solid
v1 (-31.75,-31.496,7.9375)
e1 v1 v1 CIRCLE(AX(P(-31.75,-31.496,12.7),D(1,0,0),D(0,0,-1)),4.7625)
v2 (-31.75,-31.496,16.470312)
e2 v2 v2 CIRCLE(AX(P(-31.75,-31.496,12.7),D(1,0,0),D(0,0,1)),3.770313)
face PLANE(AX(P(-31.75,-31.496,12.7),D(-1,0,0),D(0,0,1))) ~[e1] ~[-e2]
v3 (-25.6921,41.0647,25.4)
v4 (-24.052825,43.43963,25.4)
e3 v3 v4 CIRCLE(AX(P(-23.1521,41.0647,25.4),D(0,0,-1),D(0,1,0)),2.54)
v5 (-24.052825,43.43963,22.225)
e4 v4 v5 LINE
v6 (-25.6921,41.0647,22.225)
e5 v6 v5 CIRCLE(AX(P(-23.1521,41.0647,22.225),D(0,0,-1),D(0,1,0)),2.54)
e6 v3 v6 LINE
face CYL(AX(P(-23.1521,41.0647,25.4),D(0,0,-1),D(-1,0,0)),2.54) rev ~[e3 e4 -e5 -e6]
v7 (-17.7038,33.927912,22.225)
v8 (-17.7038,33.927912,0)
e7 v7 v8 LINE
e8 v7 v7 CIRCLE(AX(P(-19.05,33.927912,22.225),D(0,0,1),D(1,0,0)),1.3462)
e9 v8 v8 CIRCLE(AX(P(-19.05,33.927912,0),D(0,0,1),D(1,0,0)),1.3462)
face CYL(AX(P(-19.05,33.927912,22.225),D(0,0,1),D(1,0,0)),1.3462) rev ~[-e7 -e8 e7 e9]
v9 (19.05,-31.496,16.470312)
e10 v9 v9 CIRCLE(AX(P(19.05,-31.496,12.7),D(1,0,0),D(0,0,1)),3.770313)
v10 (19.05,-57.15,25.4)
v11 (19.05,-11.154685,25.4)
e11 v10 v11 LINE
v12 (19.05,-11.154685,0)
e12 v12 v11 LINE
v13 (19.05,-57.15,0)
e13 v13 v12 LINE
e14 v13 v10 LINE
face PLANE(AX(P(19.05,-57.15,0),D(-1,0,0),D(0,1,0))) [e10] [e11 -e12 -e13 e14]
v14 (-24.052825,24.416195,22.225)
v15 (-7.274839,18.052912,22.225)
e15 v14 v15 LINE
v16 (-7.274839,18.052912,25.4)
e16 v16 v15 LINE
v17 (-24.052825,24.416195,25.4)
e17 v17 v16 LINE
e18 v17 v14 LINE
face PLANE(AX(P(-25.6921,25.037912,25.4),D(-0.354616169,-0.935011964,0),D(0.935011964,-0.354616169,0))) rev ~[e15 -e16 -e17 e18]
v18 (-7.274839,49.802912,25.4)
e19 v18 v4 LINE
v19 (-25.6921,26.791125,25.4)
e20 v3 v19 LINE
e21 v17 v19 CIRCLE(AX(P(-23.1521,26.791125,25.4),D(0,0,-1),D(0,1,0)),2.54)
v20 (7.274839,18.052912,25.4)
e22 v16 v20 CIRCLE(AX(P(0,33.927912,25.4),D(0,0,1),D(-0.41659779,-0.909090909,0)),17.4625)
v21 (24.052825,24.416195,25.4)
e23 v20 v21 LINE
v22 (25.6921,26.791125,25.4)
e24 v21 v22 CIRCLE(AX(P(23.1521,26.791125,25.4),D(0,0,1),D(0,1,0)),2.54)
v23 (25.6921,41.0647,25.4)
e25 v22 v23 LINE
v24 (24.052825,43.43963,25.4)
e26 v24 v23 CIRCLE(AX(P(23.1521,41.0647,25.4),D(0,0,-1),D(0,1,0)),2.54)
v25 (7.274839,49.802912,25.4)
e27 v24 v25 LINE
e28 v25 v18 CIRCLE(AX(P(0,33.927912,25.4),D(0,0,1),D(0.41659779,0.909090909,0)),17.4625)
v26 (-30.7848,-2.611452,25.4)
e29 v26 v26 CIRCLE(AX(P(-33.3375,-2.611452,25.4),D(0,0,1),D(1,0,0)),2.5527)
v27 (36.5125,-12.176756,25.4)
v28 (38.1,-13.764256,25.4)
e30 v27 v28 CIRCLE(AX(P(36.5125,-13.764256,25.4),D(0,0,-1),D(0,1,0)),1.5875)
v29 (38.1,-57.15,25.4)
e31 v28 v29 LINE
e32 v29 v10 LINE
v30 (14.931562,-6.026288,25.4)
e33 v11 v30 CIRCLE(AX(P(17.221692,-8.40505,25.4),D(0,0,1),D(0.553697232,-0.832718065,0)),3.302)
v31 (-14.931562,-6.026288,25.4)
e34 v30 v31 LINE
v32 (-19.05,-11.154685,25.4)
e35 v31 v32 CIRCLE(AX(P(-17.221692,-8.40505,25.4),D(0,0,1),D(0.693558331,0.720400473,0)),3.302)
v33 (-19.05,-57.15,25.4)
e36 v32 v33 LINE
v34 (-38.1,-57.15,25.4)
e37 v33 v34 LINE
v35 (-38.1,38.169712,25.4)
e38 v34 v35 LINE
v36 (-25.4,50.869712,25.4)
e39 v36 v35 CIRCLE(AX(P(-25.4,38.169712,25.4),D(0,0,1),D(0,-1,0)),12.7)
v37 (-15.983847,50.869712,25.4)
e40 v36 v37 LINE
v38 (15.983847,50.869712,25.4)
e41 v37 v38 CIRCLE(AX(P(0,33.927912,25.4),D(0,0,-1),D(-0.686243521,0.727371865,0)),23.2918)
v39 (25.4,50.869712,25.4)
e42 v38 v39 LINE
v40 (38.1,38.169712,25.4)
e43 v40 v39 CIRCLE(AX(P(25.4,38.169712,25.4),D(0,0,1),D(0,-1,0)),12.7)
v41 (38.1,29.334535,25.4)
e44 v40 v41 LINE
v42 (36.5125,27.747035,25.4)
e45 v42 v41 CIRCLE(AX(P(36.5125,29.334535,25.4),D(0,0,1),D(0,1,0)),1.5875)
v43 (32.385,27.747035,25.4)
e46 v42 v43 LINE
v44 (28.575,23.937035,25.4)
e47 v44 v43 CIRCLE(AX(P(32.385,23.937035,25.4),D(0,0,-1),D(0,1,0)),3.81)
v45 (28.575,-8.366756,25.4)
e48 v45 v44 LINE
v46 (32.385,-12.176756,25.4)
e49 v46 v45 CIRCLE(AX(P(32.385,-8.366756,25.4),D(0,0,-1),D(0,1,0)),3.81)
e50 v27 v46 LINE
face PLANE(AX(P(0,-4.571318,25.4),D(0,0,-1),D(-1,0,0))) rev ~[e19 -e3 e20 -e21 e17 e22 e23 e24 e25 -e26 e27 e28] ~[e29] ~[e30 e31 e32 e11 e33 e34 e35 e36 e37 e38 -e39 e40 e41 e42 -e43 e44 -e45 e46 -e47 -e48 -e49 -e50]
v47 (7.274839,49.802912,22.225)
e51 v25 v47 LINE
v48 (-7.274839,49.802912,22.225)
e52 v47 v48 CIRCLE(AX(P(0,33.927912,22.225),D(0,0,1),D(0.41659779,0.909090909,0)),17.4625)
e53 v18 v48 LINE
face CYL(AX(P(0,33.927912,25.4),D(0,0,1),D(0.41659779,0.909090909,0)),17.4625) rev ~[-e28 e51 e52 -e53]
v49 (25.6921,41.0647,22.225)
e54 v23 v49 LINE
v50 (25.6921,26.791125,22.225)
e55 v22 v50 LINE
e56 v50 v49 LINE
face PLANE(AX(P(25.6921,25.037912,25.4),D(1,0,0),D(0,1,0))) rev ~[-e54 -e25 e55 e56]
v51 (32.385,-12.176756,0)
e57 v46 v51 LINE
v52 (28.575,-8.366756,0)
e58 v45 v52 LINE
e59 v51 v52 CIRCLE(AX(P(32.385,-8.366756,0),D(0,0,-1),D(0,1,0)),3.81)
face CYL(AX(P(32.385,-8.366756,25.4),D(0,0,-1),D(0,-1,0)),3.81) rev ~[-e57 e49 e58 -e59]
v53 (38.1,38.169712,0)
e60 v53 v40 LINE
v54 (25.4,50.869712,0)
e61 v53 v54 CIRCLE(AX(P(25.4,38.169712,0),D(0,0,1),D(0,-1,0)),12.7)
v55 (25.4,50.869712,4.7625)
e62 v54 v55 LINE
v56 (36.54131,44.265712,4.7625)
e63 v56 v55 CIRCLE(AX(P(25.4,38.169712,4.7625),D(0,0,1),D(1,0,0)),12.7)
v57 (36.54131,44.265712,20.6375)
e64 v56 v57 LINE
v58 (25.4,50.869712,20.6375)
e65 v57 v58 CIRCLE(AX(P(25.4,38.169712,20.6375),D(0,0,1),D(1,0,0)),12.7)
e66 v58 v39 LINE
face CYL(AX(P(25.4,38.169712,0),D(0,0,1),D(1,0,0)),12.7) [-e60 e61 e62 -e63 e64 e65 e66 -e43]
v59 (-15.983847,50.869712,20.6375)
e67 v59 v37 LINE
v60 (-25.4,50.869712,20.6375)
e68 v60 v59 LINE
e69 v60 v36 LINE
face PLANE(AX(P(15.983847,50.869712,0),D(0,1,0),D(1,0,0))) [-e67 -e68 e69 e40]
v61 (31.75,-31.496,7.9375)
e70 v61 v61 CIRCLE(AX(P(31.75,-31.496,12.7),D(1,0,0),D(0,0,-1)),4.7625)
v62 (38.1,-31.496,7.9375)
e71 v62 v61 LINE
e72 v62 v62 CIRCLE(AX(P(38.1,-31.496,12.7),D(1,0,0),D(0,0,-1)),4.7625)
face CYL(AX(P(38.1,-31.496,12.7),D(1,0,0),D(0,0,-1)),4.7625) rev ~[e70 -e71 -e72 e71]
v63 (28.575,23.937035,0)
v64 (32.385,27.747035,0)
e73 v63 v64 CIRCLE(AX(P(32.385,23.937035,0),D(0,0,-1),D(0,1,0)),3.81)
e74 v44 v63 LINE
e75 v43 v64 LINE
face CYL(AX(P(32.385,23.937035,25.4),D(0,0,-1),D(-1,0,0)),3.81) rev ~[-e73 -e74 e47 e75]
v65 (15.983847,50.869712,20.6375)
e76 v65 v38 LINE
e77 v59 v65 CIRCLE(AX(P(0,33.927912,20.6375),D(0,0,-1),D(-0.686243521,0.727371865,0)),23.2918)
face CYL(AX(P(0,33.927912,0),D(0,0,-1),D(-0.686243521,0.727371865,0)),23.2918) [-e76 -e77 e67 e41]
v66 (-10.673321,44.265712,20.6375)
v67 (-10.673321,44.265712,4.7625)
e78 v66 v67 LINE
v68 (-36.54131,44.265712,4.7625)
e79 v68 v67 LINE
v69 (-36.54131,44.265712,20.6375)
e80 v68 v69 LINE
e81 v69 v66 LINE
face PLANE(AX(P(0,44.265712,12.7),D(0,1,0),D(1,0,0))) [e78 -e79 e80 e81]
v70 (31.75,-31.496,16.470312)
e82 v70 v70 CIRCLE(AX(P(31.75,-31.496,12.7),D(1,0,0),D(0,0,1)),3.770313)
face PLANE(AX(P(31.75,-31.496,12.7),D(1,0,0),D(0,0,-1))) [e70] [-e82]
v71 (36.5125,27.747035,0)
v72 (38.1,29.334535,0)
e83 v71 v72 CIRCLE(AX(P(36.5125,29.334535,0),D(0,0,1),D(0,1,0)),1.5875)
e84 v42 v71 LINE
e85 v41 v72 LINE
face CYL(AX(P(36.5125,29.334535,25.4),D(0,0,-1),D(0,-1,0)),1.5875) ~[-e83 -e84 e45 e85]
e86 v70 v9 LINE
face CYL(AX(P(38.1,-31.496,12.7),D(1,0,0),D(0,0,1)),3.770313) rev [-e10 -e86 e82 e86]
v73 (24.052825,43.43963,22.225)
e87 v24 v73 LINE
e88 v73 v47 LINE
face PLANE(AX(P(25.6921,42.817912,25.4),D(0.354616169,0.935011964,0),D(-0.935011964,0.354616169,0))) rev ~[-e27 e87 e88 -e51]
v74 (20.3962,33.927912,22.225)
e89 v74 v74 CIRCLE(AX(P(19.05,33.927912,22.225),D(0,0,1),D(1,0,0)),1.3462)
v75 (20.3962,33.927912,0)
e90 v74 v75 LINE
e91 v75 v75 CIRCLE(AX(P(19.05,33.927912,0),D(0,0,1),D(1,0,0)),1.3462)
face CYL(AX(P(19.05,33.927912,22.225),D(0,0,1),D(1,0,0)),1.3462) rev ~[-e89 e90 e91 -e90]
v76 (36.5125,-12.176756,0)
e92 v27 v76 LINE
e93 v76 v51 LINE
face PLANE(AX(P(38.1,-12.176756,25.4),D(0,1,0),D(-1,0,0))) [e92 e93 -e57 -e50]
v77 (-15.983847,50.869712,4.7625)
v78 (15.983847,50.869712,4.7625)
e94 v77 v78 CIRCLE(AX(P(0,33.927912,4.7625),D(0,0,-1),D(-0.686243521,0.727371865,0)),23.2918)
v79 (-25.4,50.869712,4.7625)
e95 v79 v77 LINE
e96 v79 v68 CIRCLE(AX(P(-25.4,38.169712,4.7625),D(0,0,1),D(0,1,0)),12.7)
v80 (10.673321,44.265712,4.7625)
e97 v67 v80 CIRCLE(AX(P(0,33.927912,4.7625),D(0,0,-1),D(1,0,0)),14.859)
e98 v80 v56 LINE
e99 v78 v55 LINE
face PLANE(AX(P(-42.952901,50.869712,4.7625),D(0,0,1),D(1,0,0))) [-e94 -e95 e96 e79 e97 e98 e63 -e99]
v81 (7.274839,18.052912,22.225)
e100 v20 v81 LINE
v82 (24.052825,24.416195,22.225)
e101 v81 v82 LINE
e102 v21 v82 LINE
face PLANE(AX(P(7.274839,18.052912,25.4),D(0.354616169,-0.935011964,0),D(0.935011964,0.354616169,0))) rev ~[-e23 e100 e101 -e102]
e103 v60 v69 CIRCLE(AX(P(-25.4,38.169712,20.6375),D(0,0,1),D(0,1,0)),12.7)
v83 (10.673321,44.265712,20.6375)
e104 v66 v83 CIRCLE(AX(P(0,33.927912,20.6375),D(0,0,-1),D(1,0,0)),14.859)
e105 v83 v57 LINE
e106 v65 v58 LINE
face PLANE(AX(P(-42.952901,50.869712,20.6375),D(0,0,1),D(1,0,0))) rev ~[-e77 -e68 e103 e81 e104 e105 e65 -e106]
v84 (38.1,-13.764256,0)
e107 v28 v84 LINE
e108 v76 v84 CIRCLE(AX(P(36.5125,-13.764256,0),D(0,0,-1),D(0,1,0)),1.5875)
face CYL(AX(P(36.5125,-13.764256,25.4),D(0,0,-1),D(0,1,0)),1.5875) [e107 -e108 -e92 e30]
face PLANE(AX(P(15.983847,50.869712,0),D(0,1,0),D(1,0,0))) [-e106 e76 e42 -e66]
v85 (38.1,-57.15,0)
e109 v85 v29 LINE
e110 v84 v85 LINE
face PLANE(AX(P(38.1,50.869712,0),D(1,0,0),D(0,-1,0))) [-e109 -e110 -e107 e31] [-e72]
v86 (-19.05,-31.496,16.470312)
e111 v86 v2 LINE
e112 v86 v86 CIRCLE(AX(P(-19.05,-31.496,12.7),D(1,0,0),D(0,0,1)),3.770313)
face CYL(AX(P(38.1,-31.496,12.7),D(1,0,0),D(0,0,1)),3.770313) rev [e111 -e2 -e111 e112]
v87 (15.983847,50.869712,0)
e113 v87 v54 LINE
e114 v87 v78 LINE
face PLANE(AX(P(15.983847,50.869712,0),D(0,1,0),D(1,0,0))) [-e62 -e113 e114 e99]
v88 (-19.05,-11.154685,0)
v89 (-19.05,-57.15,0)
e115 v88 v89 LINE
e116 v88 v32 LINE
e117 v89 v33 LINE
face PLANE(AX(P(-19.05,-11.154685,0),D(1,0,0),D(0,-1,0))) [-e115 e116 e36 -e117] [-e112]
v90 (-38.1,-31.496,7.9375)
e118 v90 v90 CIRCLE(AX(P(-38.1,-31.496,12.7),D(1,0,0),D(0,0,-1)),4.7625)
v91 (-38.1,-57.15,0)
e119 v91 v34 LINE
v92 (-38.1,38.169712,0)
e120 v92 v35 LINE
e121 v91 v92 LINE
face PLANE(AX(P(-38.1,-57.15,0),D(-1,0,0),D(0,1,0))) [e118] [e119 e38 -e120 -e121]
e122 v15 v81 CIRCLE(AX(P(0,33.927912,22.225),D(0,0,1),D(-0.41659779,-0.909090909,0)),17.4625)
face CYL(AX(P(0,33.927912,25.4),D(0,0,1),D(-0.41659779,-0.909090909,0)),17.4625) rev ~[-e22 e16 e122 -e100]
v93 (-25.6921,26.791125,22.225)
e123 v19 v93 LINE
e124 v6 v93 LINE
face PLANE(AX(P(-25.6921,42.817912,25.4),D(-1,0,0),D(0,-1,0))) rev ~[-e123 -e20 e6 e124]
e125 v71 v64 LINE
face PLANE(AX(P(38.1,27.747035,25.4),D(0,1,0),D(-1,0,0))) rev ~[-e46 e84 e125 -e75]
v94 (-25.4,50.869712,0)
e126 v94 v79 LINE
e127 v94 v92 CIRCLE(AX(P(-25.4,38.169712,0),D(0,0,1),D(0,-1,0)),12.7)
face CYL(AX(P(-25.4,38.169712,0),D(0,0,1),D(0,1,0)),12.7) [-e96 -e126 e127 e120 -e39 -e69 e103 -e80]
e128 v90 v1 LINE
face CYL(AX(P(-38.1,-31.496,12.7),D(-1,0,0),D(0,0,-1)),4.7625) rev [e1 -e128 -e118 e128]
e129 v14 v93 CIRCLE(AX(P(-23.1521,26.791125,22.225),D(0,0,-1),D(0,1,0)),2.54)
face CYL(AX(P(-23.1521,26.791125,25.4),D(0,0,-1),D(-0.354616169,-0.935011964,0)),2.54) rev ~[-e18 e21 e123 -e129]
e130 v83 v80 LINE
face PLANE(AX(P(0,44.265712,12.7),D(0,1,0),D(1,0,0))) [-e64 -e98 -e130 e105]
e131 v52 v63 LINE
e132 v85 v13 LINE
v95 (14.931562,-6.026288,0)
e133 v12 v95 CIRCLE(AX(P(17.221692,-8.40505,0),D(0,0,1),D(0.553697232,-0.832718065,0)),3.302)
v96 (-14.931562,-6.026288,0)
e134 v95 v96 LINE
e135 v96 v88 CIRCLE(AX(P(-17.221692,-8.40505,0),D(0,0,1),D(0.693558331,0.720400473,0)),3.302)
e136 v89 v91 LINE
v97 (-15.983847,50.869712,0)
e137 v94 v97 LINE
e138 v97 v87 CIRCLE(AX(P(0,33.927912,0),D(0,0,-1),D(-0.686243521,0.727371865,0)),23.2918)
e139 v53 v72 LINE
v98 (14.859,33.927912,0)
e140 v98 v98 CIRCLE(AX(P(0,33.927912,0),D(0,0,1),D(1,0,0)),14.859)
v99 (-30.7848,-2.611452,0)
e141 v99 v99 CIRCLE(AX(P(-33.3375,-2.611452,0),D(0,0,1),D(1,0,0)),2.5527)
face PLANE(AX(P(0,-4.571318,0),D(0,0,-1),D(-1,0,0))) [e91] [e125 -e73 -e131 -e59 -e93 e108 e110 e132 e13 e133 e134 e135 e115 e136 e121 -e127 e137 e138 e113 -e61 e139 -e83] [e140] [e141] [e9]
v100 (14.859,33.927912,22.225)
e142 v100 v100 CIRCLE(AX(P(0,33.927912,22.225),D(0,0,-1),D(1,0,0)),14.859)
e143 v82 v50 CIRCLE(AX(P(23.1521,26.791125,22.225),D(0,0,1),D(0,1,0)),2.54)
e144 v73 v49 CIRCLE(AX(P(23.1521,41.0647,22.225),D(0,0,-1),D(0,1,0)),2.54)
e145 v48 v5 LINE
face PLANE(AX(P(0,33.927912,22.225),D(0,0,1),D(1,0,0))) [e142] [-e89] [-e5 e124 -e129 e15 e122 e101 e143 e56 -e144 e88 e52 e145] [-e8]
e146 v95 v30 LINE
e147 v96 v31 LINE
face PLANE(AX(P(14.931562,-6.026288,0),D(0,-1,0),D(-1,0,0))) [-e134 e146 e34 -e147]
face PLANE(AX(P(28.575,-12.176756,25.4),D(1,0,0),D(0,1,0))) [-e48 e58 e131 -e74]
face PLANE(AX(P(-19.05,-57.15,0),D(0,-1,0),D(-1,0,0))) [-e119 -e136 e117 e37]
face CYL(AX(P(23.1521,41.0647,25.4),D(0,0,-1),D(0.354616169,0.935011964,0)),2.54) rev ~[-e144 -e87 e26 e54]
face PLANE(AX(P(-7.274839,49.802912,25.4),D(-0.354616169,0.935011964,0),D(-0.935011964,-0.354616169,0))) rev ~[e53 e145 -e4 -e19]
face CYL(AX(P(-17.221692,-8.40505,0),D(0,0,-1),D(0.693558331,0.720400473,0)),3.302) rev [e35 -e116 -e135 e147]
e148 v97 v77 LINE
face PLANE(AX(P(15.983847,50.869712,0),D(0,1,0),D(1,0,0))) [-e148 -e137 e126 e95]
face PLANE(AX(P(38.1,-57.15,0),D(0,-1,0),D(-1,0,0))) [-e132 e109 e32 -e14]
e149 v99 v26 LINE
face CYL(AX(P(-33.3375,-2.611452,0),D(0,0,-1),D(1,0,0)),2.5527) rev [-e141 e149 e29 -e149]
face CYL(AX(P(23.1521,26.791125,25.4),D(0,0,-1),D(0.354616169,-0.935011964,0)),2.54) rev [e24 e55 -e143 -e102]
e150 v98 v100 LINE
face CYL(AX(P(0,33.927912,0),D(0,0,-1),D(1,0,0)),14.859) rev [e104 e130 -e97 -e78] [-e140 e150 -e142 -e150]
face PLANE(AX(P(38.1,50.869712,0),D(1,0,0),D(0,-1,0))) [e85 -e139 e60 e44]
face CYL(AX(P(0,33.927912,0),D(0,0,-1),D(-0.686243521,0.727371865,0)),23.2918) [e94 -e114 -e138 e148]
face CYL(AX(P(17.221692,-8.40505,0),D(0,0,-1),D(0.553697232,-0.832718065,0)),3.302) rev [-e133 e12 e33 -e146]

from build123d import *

# Parameters (mm, degrees)
SKETCH1_R               = 14.859
SKETCH1_R_2             = 2.5527
BOSS_EXTRUDE1_DEPTH     = 25.4
FILLET1_R               = 12.7
CUT_EXTRUDE1_DEPTH      = 3.175
FILLET2_R               = 2.54
SKETCH3_R               = 1.3462
CUT_EXTRUDE2_DEPTH      = 22.225
CUT_EXTRUDE3_START      = -76.2
SKETCH4_R               = 3.7703125
CUT_EXTRUDE3_DEPTH      = 76.2
SKETCH5_W               = 85.90580112
SKETCH5_H               = 15.875
CUT_EXTRUDE4_DEPTH      = 23.622
CUT_EXTRUDE4_DEPTH_BACK = 6.604
CUT_EXTRUDE5_START      = -25.4
SKETCH6_W               = 9.525
SKETCH6_H               = 39.923791379
CUT_EXTRUDE5_DEPTH      = 25.4
FILLET3_R               = 3.81
FILLET4_R               = 1.5875
SKETCH7_R               = 4.7625
CUT_EXTRUDE6_DEPTH      = 6.35


with BuildPart() as part:
    # Sketch1 → Boss-Extrude1 (new body)
    with BuildSketch(Plane.XY):
        with BuildLine():
            Line((38.1, -57.15), (19.05, -57.15))
            Line((19.05, -57.15), (19.05, -11.154684967))
            ThreePointArc((19.05, -11.154684967), (19.796266411, -6.337498405), (14.931562131, -6.026287555))
            Line((14.931562131, -6.026287555), (-14.931562131, -6.026287555))
            ThreePointArc((-14.931562131, -6.026287555), (-19.796266411, -6.337498405), (-19.05, -11.154684967))
            Line((-19.05, -11.154684967), (-19.05, -57.15))
            Line((-19.05, -57.15), (-38.1, -57.15))
            Line((-38.1, -57.15), (-38.1, 50.869712445))
            Line((-38.1, 50.869712445), (-15.983846846, 50.869712445))
            ThreePointArc((-15.983846846, 50.869712445), (0, 57.219712445), (15.983846846, 50.869712445))
            Line((15.983846846, 50.869712445), (38.1, 50.869712445))
            Line((38.1, 50.869712445), (38.1, -57.15))
        make_face()
        with Locations((0, 33.927912445)):
            Circle(SKETCH1_R, mode=Mode.SUBTRACT)
        with Locations((-33.3375, -2.611452402)):
            Circle(SKETCH1_R_2, mode=Mode.SUBTRACT)
        with Locations((33.3375, -2.611452402)):
            Circle(SKETCH1_R_2, mode=Mode.SUBTRACT)
    extrude(amount=BOSS_EXTRUDE1_DEPTH)

    # Fillet1
    fillet1_edges = [part.edges().sort_by_distance(p)[0] for p in [
        (-38.1, 50.869712445, 12.7),
        (38.1, 50.869712445, 12.7),
    ]]
    fillet(fillet1_edges, radius=FILLET1_R)

    # Sketch2 → Cut-Extrude1 (cut)
    with BuildSketch(Plane.XY.offset(25.4)):
        with BuildLine():
            Line((25.6921, 25.037912445), (25.6921, 42.817912445))
            Line((25.6921, 42.817912445), (7.274838916, 49.802912445))
            ThreePointArc((7.274838916, 49.802912445), (0, 51.390412445), (-7.274838916, 49.802912445))
            Line((-7.274838916, 49.802912445), (-25.6921, 42.817912445))
            Line((-25.6921, 42.817912445), (-25.6921, 25.037912445))
            Line((-25.6921, 25.037912445), (-7.274838916, 18.052912445))
            ThreePointArc((-7.274838916, 18.052912445), (0, 16.465412445), (7.274838916, 18.052912445))
            Line((7.274838916, 18.052912445), (25.6921, 25.037912445))
        make_face()
    extrude(amount=-CUT_EXTRUDE1_DEPTH, mode=Mode.SUBTRACT)

    # Fillet2
    fillet2_edges = [part.edges().sort_by_distance(p)[0] for p in [
        (-25.6921, 42.817912445, 23.8125),
        (25.6921, 42.817912445, 23.8125),
        (25.6921, 25.037912445, 23.8125),
        (-25.6921, 25.037912445, 23.8125),
    ]]
    fillet(fillet2_edges, radius=FILLET2_R)

    # Sketch3 → Cut-Extrude2 (cut)
    with BuildSketch(Plane.XY.offset(22.225)):
        with Locations((-19.05, 33.927912445)):
            Circle(SKETCH3_R)
        with Locations((19.05, 33.927912445)):
            Circle(SKETCH3_R)
    extrude(amount=-CUT_EXTRUDE2_DEPTH, mode=Mode.SUBTRACT)

    # Sketch4 → Cut-Extrude3 (cut)
    with BuildSketch(Plane.ZY.offset(38.1).offset(CUT_EXTRUDE3_START)):
        with Locations((12.7, -31.496)):
            Circle(SKETCH4_R)
    extrude(amount=CUT_EXTRUDE3_DEPTH, mode=Mode.SUBTRACT)

    # Sketch5 → Cut-Extrude4 (cut, two sides)
    with BuildSketch(Plane(origin=(0, 50.869712445, 0), x_dir=(1, 0, 0), z_dir=(0, 1, 0))) as cut_extrude4_sk:
        with Locations((0, -12.7)):
            Rectangle(SKETCH5_W, SKETCH5_H)
    extrude(amount=CUT_EXTRUDE4_DEPTH, mode=Mode.SUBTRACT)
    extrude(cut_extrude4_sk.sketch, amount=-CUT_EXTRUDE4_DEPTH_BACK, mode=Mode.SUBTRACT)

    # Sketch6 → Cut-Extrude5 (cut)
    with BuildSketch(Plane(origin=(0, 0, 0), x_dir=(-1, 0, 0), z_dir=(0, 0, -1)).offset(CUT_EXTRUDE5_START)):
        with Locations((-33.3375, 7.785139318)):
            Rectangle(SKETCH6_W, SKETCH6_H)
    extrude(amount=CUT_EXTRUDE5_DEPTH, mode=Mode.SUBTRACT)

    # Fillet3
    fillet3_edges = [part.edges().sort_by_distance(p)[0] for p in [
        (28.575, 27.747035008, 12.7),
        (28.575, -12.176756371, 12.7),
    ]]
    fillet(fillet3_edges, radius=FILLET3_R)

    # Fillet4
    fillet4_edges = [part.edges().sort_by_distance(p)[0] for p in [
        (38.1, -12.176756371, 12.7),
        (38.1, 27.747035008, 12.7),
    ]]
    fillet(fillet4_edges, radius=FILLET4_R)

    # Sketch7 → Cut-Extrude6 (cut)
    with BuildSketch(Plane(origin=(38.1, 0, 0), x_dir=(0, 0, -1), z_dir=(1, 0, 0))):
        with Locations((-12.7, -31.496)):
            Circle(SKETCH7_R)
    cut_extrude6 = extrude(amount=-CUT_EXTRUDE6_DEPTH, mode=Mode.SUBTRACT)

    # Mirror1: Cut-Extrude6 across plane
    add(cut_extrude6.mirror(Plane(origin=(0, 0, 0), x_dir=(0, 0, 1), z_dir=(1, 0, 0))), mode=Mode.SUBTRACT)


solid = part.part
